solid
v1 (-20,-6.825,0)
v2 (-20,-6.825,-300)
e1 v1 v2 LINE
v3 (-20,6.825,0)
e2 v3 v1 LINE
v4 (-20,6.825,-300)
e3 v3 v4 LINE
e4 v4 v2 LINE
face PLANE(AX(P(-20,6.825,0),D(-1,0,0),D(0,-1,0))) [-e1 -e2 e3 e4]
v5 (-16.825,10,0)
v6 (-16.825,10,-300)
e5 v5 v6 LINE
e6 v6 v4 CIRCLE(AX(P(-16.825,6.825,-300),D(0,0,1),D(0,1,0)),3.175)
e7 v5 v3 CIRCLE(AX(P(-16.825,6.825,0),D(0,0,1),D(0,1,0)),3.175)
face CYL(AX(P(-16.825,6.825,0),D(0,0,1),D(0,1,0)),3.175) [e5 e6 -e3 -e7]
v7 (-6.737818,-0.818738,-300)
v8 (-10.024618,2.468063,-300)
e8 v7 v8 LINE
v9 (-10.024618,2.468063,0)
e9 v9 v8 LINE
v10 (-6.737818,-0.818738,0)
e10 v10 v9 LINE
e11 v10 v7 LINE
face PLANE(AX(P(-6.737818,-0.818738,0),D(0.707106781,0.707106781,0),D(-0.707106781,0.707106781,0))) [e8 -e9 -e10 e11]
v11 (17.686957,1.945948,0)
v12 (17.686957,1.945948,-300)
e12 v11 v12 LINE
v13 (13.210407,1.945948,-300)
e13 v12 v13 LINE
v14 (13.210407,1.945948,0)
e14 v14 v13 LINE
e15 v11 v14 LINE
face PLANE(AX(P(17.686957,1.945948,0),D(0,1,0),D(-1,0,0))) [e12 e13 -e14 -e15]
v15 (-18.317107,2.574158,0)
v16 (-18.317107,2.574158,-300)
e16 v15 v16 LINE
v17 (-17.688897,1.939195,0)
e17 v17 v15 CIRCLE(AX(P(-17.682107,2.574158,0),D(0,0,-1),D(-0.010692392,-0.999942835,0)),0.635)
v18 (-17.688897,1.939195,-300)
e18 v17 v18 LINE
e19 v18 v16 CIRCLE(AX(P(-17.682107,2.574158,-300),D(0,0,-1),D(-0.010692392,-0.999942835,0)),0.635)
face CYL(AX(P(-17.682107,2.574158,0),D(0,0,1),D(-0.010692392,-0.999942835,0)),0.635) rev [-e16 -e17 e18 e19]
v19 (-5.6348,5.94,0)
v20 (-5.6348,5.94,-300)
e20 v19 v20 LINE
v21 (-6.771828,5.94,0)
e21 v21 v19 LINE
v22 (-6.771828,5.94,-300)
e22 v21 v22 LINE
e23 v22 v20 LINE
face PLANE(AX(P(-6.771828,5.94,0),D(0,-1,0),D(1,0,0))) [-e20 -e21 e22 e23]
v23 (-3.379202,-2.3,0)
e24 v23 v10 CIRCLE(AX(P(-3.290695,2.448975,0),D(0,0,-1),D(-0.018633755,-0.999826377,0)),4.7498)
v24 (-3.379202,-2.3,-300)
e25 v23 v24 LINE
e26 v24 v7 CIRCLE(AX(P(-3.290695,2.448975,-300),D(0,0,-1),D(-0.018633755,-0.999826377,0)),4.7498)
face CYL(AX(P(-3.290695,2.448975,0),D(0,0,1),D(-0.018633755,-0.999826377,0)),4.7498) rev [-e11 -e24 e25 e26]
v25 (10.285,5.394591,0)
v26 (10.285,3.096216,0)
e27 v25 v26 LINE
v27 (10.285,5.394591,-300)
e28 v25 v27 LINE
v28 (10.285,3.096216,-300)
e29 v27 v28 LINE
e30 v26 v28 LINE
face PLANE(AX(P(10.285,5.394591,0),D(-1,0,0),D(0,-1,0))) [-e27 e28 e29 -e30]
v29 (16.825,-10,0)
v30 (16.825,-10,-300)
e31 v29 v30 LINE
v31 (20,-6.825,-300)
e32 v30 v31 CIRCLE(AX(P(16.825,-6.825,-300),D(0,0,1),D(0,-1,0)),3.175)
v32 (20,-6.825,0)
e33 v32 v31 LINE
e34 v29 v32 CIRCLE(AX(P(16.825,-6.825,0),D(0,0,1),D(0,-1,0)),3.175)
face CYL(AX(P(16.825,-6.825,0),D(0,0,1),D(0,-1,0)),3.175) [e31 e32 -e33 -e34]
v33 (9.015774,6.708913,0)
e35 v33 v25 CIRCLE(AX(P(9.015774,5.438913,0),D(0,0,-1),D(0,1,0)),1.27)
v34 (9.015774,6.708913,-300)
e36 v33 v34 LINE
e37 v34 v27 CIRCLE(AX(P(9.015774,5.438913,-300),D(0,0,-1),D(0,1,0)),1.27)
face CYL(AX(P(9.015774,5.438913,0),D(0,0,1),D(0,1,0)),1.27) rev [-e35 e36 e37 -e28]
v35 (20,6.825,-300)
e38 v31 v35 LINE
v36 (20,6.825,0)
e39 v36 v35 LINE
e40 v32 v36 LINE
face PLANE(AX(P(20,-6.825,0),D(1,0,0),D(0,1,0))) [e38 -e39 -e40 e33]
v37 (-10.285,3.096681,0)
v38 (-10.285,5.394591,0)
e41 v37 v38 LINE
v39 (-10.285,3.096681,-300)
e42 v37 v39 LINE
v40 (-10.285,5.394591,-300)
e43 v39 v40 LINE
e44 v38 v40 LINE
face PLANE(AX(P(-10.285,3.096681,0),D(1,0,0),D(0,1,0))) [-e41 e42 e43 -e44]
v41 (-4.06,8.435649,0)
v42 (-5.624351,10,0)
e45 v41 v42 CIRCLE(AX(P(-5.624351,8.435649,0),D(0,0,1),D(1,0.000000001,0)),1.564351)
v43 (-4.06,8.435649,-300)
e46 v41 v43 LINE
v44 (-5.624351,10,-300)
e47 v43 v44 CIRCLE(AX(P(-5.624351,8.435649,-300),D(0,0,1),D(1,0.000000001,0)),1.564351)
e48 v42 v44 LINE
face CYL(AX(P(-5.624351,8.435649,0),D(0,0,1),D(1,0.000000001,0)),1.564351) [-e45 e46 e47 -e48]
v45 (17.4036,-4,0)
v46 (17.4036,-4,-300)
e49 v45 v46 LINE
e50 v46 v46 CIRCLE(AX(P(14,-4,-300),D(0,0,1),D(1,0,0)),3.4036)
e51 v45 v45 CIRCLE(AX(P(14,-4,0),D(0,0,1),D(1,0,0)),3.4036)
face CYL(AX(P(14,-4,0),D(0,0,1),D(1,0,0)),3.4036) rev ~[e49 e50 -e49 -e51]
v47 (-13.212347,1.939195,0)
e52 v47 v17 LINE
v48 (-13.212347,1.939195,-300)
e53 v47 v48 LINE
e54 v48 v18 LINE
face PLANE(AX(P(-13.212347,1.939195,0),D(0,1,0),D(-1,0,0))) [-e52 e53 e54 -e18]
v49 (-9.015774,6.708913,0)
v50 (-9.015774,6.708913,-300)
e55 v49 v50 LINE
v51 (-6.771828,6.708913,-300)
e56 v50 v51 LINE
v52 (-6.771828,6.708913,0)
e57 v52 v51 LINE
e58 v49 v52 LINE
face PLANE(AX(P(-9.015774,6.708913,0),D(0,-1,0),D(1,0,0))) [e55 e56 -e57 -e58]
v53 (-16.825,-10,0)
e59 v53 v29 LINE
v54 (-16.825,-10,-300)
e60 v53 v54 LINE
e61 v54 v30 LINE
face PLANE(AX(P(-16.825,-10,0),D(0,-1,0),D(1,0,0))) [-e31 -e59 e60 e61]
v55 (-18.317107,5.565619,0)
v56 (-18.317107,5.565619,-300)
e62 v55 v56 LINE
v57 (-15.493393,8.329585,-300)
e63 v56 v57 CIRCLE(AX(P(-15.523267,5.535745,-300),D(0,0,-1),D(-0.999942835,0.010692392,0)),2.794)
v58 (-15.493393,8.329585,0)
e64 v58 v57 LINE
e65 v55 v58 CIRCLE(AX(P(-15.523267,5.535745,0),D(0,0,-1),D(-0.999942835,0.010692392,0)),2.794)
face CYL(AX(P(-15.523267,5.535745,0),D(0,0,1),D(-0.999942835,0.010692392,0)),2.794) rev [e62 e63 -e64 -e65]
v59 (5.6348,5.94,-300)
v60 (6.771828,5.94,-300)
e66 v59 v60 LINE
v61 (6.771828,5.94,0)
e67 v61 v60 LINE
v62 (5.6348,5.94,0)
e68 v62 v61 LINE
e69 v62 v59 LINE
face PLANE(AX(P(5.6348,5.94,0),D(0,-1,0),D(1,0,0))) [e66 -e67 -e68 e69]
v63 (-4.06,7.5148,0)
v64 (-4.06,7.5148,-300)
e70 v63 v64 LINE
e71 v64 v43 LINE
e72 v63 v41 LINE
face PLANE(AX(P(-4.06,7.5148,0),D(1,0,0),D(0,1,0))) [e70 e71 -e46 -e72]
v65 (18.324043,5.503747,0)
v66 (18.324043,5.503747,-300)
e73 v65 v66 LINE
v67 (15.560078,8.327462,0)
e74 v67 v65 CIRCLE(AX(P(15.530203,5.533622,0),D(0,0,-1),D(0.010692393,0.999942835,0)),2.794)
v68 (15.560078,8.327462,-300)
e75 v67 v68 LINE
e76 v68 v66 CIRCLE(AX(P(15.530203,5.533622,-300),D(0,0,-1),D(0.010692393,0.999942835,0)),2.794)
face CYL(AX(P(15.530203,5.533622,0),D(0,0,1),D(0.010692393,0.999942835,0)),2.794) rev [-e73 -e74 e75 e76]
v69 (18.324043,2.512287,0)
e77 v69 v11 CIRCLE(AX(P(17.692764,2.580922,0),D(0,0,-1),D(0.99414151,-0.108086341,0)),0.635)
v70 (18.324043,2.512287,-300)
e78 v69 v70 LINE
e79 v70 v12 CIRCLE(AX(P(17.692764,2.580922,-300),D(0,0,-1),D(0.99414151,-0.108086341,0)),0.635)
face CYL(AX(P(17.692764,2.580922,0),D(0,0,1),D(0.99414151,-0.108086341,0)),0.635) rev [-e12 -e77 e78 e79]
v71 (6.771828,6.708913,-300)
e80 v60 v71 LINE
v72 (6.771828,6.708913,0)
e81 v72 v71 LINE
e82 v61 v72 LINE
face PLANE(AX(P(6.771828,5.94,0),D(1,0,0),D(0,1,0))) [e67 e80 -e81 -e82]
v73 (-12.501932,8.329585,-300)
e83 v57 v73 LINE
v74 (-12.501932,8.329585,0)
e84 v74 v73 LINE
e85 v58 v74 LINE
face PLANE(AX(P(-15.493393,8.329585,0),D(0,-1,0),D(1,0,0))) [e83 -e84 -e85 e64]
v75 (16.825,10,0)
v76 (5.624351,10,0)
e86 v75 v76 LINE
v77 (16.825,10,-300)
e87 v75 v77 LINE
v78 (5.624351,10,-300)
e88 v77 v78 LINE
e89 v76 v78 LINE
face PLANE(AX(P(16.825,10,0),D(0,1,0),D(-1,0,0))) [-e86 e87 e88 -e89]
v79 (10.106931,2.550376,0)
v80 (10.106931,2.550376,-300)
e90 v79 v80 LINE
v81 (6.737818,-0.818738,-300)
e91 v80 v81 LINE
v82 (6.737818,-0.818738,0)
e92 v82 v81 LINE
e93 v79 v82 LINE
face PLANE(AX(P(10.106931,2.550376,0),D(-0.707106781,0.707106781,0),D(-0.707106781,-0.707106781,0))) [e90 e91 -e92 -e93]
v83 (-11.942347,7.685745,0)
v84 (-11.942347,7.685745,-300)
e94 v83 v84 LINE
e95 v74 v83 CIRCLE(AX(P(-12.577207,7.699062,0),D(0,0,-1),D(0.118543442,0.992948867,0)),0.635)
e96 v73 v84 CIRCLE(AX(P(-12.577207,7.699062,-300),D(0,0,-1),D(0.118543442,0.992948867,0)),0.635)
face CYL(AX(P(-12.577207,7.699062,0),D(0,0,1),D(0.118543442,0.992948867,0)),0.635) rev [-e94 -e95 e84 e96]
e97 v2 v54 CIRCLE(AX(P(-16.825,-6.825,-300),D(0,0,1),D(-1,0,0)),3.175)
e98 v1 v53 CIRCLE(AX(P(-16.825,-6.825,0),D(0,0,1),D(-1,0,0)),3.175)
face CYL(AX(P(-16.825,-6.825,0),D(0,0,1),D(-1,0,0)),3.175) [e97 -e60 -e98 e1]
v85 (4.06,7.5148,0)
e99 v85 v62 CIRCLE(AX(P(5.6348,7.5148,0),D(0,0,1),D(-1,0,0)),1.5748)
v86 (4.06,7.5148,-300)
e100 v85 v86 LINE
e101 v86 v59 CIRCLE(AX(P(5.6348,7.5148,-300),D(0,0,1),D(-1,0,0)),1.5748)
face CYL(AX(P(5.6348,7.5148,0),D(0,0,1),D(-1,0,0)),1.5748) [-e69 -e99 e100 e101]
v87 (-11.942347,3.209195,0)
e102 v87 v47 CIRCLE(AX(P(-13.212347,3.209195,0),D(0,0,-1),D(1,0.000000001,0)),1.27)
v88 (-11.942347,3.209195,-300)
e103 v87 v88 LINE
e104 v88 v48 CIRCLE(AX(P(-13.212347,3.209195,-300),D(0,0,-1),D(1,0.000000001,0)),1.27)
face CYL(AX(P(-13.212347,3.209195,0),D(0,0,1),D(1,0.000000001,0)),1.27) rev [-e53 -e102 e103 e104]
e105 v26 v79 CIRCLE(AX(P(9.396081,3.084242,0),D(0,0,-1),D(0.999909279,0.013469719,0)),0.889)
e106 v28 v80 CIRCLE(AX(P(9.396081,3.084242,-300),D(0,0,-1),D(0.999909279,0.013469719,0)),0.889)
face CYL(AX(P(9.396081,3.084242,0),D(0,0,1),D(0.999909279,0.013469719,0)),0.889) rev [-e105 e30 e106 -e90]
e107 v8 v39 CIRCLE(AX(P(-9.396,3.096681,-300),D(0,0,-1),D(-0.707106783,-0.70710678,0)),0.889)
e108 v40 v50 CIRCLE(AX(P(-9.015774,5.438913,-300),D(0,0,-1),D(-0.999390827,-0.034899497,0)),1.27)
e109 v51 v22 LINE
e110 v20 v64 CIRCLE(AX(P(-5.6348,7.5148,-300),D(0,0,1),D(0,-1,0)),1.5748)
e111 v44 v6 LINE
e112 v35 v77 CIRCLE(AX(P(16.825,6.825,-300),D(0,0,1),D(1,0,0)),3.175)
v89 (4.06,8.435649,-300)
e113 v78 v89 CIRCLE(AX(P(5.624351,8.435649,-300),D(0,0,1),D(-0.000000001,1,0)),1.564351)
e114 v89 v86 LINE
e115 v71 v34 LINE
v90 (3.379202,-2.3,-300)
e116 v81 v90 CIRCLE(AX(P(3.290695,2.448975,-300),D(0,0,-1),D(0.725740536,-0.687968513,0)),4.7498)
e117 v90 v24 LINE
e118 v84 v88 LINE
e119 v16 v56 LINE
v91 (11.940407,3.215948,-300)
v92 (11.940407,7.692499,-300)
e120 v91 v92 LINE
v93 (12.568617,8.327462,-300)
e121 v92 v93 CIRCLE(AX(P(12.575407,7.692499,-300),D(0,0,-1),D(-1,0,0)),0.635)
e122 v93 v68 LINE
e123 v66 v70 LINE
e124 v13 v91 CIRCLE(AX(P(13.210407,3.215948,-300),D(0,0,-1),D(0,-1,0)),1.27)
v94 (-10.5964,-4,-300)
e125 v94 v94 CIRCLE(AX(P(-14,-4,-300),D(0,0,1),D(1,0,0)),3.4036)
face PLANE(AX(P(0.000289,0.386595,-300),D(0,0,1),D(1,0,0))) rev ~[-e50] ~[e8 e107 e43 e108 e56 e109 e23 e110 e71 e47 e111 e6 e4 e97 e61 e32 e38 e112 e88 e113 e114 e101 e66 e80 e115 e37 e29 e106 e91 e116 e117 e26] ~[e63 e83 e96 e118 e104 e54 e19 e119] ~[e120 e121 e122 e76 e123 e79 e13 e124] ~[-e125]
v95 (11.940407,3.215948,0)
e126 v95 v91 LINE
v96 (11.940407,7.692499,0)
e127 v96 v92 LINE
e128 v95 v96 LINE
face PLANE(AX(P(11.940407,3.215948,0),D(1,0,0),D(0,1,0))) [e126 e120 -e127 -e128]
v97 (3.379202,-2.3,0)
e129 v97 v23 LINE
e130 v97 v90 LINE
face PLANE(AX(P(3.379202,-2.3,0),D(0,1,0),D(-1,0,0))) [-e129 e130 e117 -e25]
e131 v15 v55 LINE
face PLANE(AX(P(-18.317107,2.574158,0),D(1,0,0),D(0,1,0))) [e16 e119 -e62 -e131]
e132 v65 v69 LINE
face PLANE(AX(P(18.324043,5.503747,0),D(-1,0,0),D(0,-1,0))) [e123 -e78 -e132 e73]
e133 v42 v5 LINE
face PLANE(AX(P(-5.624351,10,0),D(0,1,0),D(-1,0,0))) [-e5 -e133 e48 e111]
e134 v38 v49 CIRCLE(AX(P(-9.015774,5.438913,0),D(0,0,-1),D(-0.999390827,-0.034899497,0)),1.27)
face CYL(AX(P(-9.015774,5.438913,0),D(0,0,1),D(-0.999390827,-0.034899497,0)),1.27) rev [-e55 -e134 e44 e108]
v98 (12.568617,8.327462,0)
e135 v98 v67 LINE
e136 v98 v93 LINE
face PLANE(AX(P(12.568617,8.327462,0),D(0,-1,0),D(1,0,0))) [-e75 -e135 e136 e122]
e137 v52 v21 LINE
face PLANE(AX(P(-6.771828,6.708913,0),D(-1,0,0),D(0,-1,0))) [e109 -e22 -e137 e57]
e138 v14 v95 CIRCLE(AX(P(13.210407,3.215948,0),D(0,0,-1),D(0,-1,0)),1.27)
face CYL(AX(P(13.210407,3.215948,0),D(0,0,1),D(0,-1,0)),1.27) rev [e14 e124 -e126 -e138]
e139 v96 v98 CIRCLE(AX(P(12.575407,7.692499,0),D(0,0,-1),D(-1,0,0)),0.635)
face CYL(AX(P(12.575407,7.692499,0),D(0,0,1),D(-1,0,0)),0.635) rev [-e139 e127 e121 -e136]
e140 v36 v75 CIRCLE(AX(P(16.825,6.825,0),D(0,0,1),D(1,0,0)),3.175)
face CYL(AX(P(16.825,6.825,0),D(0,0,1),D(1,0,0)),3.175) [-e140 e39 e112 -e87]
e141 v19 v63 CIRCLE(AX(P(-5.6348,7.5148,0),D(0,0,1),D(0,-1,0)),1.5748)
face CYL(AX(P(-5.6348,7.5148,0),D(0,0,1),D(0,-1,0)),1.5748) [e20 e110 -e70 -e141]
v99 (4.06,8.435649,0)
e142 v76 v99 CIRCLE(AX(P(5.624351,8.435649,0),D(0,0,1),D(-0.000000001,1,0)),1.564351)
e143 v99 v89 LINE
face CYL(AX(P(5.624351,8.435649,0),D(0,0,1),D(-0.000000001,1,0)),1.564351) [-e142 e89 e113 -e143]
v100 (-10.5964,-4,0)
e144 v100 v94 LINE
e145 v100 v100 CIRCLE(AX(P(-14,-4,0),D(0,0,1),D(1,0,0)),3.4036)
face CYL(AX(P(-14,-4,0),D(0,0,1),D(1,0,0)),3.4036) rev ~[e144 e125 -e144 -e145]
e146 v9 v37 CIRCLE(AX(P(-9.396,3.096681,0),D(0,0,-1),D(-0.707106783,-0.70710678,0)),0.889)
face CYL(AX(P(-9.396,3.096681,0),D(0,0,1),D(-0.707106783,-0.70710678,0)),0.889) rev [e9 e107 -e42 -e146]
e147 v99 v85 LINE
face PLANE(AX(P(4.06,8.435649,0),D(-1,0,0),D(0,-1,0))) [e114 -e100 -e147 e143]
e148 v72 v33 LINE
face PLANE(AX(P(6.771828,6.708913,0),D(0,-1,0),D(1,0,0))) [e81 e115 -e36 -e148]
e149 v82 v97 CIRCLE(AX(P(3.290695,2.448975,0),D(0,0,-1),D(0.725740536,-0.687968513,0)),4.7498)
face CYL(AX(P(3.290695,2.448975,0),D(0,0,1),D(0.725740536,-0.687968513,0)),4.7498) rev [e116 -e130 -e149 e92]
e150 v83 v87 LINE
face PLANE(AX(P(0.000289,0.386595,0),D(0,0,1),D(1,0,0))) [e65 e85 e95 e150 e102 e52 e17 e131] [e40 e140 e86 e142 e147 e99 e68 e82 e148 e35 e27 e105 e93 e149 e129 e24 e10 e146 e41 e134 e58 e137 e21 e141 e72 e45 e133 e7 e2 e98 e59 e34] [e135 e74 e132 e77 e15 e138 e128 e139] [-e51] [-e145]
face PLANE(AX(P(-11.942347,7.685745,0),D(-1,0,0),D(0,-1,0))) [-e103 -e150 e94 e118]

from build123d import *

# Parameters (mm, degrees)
SKETCH1_R      = 3.4036
EXTRUDE1_DEPTH = 300


with BuildPart() as part:
    # Sketch1 → Extrude1 (new body)
    with BuildSketch(Plane.XY):
        with BuildLine():
            Line((-20, 6.825), (-20, -6.825))
            ThreePointArc((-20, -6.825), (-19.07006403, -9.07006403), (-16.825, -10))
            Line((-16.825, -10), (16.825, -10))
            ThreePointArc((16.825, -10), (19.07006403, -9.07006403), (20, -6.825))
            Line((20, -6.825), (20, 6.825))
            ThreePointArc((20, 6.825), (19.07006403, 9.07006403), (16.825, 10))
            Line((16.825, 10), (13.01772333, 10))
            Line((13.01772333, 10), (5.624351215, 10))
            ThreePointArc((5.624351215, 10), (4.518187863, 9.541812137), (4.06, 8.435648785))
            Line((4.06, 8.435648785), (4.06, 7.5148))
            ThreePointArc((4.06, 7.5148), (4.521248241, 6.401248241), (5.6348, 5.94))
            Line((5.6348, 5.94), (6.771827505, 5.94))
            Line((6.771827505, 5.94), (6.771827505, 6.708913257))
            Line((6.771827505, 6.708913257), (9.01577365, 6.708913257))
            ThreePointArc((9.01577365, 6.708913257), (9.929335196, 6.321129388), (10.285, 5.394590897))
            Line((10.285, 5.394590897), (10.285, 3.096216247))
            ThreePointArc((10.285, 3.096216247), (10.241244142, 2.808525014), (10.106931233, 2.550376096))
            Line((10.106931233, 2.550376096), (6.737817619, -0.818737518))
            ThreePointArc((6.737817619, -0.818737518), (5.207385794, -1.896930484), (3.37920183, -2.3))
            Line((3.37920183, -2.3), (-3.37920183, -2.3))
            ThreePointArc((-3.37920183, -2.3), (-5.207385794, -1.896930484), (-6.737817619, -0.818737518))
            Line((-6.737817619, -0.818737518), (-10.024617928, 2.468062791))
            ThreePointArc((-10.024617928, 2.468062791), (-10.217328904, 2.756475149), (-10.285, 3.09668072))
            Line((-10.285, 3.09668072), (-10.285, 5.394590897))
            ThreePointArc((-10.285, 5.394590897), (-9.929335196, 6.321129388), (-9.01577365, 6.708913257))
            Line((-9.01577365, 6.708913257), (-6.771827505, 6.708913257))
            Line((-6.771827505, 6.708913257), (-6.771827505, 5.94))
            Line((-6.771827505, 5.94), (-5.6348, 5.94))
            ThreePointArc((-5.6348, 5.94), (-4.521248241, 6.401248241), (-4.06, 7.5148))
            Line((-4.06, 7.5148), (-4.06, 8.435648785))
            ThreePointArc((-4.06, 8.435648785), (-4.518187863, 9.541812137), (-5.624351215, 10))
            Line((-5.624351215, 10), (-13.017278808, 10))
            Line((-13.017278808, 10), (-16.825, 10))
            ThreePointArc((-16.825, 10), (-19.07006403, 9.07006403), (-20, 6.825))
        make_face()
        with Locations((-14, -4)):
            Circle(SKETCH1_R, mode=Mode.SUBTRACT)
        with Locations((14, -4)):
            Circle(SKETCH1_R, mode=Mode.SUBTRACT)
        with BuildLine():
            Line((-13.212346722, 1.939194793), (-17.688897149, 1.939194793))
            ThreePointArc((-17.688897149, 1.939194793), (-18.133514414, 2.127552649), (-18.31710748, 2.574158493))
            Line((-18.31710748, 2.574158493), (-18.31710748, 5.56561917))
            ThreePointArc((-18.31710748, 5.56561917), (-17.477686114, 7.532412526), (-15.493392654, 8.329584904))
            Line((-15.493392654, 8.329584904), (-12.501931977, 8.329584904))
            ThreePointArc((-12.501931977, 8.329584904), (-12.097931082, 8.115619133), (-11.942346722, 7.68574522))
            Line((-11.942346722, 7.68574522), (-11.942346722, 3.209194793))
            ThreePointArc((-11.942346722, 3.209194793), (-12.31432111, 2.31116918), (-13.212346722, 1.939194793))
        make_face(mode=Mode.SUBTRACT)
        with BuildLine():
            Line((18.32404339, 5.503747464), (18.32404339, 2.512286787))
            ThreePointArc((18.32404339, 2.512286787), (18.11465108, 2.106331374), (17.686957075, 1.945948162))
            Line((17.686957075, 1.945948162), (13.210406647, 1.945948162))
            ThreePointArc((13.210406647, 1.945948162), (12.312381035, 2.31792255), (11.940406647, 3.215948162))
            Line((11.940406647, 3.215948162), (11.940406647, 7.692498589))
            ThreePointArc((11.940406647, 7.692498589), (12.123999713, 8.139104433), (12.568616978, 8.327462289))
            Line((12.568616978, 8.327462289), (15.560077655, 8.327462289))
            ThreePointArc((15.560077655, 8.327462289), (17.526871011, 7.488040923), (18.32404339, 5.503747464))
        make_face(mode=Mode.SUBTRACT)
    extrude(amount=-EXTRUDE1_DEPTH)


solid = part.part
